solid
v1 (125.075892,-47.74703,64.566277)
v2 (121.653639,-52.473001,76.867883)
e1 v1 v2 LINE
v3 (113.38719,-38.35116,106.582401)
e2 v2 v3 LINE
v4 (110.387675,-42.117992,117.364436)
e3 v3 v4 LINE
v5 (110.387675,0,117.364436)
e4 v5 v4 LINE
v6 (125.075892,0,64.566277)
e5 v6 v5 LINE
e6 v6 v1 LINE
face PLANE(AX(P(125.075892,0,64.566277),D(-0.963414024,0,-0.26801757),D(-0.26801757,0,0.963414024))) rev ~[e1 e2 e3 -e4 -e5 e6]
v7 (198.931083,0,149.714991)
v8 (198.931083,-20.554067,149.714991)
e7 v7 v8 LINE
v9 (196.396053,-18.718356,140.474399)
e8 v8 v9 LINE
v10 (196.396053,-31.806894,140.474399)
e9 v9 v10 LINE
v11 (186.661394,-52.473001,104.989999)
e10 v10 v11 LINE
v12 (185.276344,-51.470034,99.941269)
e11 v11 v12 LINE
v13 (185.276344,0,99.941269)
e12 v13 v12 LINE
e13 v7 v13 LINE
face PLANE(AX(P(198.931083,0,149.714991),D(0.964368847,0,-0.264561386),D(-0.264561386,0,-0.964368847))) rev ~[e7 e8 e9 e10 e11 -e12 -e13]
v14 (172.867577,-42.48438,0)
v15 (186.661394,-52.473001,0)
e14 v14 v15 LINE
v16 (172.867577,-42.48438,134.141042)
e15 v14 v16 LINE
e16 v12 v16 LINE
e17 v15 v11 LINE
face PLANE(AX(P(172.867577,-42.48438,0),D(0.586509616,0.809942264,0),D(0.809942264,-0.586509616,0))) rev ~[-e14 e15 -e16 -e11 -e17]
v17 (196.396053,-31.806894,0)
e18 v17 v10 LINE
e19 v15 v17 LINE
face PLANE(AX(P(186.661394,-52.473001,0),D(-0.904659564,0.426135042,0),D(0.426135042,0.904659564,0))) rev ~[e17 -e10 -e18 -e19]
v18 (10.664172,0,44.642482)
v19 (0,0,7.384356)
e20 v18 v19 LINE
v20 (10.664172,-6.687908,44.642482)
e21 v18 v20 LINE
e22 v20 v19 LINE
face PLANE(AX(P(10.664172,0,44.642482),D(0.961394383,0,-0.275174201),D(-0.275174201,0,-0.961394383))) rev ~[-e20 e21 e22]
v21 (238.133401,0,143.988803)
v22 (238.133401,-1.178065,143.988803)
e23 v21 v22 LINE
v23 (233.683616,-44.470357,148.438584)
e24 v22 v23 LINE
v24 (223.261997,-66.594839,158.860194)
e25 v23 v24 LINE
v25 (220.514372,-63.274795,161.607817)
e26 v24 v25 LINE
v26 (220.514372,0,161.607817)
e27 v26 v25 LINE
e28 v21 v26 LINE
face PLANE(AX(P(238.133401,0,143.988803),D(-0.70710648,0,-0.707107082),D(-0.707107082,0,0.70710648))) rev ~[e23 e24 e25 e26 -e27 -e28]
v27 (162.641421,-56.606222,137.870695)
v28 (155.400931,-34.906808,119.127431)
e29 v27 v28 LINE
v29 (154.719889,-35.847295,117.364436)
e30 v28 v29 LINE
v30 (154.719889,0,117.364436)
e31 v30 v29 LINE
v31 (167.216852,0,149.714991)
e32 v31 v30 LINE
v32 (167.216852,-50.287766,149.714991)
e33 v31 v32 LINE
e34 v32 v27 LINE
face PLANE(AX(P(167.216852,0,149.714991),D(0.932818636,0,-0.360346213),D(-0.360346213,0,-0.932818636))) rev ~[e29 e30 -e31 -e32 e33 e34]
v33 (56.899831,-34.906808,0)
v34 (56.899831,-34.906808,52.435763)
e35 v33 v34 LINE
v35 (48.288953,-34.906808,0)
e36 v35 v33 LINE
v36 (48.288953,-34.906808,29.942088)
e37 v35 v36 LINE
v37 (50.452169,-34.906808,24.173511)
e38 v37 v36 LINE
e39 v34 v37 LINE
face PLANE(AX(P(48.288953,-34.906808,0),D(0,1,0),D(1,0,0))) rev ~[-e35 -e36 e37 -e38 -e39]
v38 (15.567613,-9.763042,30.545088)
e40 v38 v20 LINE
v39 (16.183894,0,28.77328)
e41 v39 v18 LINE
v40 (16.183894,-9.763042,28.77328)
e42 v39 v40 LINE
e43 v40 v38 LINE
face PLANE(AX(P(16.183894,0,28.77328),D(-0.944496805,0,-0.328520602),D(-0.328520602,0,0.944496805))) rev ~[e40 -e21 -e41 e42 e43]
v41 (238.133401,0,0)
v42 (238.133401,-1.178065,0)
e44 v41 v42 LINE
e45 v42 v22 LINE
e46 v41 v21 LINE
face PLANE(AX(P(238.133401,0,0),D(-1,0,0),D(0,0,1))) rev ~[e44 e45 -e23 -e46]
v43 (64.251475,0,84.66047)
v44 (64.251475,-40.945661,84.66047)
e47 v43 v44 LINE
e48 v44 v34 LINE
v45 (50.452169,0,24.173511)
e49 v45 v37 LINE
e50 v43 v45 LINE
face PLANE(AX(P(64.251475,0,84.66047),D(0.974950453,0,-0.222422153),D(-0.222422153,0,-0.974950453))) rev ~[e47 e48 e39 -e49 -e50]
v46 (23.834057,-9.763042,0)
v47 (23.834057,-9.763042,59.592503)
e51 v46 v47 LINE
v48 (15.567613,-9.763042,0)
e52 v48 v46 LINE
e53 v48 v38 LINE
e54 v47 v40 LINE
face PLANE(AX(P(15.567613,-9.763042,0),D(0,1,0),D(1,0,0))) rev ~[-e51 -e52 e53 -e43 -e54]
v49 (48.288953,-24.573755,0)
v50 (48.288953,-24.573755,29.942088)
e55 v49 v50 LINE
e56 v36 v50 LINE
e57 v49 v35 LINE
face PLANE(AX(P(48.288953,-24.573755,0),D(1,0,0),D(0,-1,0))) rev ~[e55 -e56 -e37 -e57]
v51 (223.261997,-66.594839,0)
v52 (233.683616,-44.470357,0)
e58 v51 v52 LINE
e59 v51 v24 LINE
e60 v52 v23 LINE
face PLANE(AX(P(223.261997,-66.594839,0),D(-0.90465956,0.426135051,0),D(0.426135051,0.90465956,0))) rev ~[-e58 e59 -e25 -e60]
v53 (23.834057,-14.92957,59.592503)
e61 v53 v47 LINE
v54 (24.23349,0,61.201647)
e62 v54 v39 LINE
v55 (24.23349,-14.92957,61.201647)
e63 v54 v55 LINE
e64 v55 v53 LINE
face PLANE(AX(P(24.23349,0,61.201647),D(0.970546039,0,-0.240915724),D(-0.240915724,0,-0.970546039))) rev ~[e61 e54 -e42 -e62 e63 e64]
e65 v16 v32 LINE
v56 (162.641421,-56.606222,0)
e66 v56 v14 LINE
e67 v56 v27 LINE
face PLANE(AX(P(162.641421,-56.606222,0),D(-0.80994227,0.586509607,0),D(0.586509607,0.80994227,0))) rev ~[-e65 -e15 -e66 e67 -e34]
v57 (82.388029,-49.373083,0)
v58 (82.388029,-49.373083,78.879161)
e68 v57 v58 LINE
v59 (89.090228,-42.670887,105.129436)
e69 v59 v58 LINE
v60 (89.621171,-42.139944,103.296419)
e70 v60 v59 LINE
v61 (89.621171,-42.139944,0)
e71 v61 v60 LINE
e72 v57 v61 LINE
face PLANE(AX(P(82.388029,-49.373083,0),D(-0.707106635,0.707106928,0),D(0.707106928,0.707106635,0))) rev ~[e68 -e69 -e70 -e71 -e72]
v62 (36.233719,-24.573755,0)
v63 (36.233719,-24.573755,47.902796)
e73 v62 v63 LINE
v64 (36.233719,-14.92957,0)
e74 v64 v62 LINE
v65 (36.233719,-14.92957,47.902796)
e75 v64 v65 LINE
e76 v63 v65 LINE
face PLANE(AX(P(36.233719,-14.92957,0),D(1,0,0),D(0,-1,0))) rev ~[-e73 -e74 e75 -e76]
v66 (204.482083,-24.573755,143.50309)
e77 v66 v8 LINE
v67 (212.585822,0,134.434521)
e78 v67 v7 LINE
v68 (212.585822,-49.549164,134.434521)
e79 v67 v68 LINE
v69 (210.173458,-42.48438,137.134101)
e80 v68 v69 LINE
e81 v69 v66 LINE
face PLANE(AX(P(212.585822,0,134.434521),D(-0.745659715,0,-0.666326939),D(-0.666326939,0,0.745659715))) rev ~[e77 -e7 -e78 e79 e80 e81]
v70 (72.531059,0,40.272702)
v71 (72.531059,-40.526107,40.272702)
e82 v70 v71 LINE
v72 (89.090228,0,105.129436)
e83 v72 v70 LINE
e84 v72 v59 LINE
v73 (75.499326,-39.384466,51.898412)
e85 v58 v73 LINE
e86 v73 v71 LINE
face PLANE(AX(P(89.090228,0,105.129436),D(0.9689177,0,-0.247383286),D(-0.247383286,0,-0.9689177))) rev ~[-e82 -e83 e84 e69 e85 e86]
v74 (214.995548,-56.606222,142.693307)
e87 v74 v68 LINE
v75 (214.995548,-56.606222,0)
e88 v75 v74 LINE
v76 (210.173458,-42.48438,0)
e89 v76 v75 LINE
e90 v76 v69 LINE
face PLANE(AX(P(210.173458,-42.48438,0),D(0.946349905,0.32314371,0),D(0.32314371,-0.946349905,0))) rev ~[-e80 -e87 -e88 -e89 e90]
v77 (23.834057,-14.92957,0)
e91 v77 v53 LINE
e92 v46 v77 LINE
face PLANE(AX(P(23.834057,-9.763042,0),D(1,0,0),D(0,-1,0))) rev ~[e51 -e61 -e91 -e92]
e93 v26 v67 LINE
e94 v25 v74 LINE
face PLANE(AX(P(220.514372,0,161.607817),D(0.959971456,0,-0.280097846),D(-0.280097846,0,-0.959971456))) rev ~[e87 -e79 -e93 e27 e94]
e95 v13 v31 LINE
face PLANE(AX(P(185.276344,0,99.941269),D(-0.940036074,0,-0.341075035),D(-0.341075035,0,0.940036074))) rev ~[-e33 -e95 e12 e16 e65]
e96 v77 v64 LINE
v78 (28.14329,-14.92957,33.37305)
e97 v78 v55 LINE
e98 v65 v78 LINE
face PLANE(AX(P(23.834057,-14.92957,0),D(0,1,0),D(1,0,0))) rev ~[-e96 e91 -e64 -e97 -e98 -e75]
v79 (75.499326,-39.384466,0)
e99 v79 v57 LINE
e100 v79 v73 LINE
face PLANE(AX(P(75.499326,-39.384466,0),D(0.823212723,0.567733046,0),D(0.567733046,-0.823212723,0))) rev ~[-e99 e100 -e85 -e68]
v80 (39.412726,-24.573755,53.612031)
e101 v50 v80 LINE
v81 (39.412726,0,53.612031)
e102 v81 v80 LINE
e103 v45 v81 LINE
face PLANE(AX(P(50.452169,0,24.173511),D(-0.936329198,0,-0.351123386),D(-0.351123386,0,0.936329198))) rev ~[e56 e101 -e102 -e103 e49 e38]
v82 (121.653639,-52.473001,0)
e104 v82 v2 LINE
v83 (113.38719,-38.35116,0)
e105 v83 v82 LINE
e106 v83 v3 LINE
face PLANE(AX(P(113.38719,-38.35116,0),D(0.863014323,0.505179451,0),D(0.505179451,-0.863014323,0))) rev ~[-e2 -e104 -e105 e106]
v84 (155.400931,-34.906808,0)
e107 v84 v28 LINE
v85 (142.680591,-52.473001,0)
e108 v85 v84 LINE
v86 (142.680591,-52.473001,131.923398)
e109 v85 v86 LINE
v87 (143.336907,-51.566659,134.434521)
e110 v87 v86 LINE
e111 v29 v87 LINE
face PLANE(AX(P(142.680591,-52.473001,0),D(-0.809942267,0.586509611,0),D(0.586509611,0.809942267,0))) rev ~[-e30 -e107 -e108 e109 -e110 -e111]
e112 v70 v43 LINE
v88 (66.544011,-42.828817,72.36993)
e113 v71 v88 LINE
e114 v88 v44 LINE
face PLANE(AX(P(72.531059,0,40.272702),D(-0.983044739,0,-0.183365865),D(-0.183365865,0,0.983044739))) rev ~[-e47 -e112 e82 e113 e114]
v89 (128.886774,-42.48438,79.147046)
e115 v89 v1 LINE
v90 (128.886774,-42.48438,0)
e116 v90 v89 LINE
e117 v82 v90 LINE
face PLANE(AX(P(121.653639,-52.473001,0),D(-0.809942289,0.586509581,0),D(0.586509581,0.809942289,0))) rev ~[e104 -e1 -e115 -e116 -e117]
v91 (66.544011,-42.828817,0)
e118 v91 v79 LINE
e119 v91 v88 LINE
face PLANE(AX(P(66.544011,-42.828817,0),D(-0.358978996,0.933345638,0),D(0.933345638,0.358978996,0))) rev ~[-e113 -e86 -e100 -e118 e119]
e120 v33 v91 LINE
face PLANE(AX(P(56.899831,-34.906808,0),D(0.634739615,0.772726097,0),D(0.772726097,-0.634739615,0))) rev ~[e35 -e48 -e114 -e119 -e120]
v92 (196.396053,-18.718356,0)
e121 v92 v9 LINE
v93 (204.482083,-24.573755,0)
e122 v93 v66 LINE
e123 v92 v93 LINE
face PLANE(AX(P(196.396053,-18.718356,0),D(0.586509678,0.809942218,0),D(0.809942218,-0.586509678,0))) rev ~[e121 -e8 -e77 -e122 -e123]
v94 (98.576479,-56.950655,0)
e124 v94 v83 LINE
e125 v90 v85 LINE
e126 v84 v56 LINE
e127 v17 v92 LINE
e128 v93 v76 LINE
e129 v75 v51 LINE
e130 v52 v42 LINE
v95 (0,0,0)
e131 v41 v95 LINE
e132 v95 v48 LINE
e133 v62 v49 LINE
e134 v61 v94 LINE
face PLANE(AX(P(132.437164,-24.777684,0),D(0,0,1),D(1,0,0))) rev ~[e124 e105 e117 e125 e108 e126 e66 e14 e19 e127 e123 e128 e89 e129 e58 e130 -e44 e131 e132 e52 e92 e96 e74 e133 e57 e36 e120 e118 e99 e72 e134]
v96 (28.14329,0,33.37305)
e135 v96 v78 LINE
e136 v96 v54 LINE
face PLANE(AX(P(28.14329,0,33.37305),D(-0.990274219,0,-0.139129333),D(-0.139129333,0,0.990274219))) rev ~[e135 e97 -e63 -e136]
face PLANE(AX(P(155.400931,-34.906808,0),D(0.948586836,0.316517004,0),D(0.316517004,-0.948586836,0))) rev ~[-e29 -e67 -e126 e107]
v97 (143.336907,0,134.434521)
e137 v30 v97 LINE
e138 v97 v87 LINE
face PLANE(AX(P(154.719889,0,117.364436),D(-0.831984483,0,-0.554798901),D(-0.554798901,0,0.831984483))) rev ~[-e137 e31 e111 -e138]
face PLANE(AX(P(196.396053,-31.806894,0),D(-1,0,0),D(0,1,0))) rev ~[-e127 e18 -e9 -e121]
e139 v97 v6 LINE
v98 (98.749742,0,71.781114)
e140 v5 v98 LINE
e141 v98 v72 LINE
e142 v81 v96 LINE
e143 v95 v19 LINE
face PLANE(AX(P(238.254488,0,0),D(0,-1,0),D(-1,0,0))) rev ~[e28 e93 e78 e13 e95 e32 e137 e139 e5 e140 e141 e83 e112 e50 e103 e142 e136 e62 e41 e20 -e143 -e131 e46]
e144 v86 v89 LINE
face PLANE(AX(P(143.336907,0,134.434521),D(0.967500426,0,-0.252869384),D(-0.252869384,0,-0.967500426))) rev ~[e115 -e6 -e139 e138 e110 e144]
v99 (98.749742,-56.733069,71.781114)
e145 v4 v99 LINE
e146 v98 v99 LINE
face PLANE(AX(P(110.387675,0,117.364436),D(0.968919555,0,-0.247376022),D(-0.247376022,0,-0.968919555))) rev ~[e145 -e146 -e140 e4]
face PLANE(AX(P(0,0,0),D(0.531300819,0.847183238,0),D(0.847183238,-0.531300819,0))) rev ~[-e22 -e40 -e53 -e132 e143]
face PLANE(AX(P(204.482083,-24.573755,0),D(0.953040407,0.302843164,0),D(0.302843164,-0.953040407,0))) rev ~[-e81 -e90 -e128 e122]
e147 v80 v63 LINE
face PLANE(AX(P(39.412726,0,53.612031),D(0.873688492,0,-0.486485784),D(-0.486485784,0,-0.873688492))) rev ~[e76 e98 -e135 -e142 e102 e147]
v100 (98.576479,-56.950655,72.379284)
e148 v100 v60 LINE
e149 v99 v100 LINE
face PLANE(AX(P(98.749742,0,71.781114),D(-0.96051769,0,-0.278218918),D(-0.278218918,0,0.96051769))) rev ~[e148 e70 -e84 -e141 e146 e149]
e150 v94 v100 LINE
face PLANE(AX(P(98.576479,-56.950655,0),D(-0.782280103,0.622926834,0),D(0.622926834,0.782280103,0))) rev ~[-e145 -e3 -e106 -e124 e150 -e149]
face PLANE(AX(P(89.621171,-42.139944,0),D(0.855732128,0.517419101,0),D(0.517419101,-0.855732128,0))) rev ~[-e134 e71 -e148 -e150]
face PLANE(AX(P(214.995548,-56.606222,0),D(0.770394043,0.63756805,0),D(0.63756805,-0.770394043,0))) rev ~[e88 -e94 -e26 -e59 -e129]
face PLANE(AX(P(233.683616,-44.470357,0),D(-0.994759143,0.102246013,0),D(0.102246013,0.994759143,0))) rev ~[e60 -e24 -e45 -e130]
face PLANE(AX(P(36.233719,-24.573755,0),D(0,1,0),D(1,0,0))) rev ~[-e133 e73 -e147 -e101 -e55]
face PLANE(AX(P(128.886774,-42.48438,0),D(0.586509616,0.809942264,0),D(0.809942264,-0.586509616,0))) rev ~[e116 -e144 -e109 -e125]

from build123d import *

# Parameters (mm, degrees)
F2_DEPTH = 188.468
F3_DEPTH = 66.595839


with BuildPart() as f2:
    # F1 (on Top) → F2 (new body)
    with BuildSketch(Plane.XY):
        Polygon((238.254488, 0), (0, 0), (15.567613, -9.763042), (23.834057, -9.763042), (23.834057, -14.92957), (36.233719, -14.92957), (36.233719, -24.573755), (48.288953, -24.573755), (48.288953, -34.906808), (56.899831, -34.906808), (66.544011, -42.828817), (75.499326, -39.384466), (82.388029, -49.373083), (89.621171, -42.139944), (98.576479, -56.950655), (113.38719, -38.35116), (121.653639, -52.473001), (128.886774, -42.48438), (142.680591, -52.473001), (155.400931, -34.906808), (162.641421, -56.606222), (172.867577, -42.48438), (186.661394, -52.473001), (196.396053, -31.806894), (196.396053, -18.718356), (204.482083, -24.573755), (210.173458, -42.48438), (214.995548, -56.606222), (223.261997, -66.594839), (233.683616, -44.470357), align=None)
    extrude(amount=F2_DEPTH)

    # F0 (on Front) → F3 (intersect, through all)
    with BuildSketch(Plane.XZ):
        Polygon((10.664172, 44.642482), (0, 7.384356), (0, 0), (238.133401, 0), (238.133401, 143.988803), (220.514372, 161.607817), (212.585822, 134.434521), (198.931083, 149.714991), (185.276344, 99.941269), (167.216852, 149.714991), (154.719889, 117.364436), (143.336907, 134.434521), (125.075892, 64.566277), (110.387675, 117.364436), (98.749742, 71.781114), (89.090228, 105.129436), (72.531059, 40.272702), (64.251475, 84.66047), (50.452169, 24.173511), (39.412726, 53.612031), (28.14329, 33.37305), (24.23349, 61.201647), (16.183894, 28.77328), align=None)
    extrude(amount=F3_DEPTH, mode=Mode.INTERSECT)


solid = f2.part
